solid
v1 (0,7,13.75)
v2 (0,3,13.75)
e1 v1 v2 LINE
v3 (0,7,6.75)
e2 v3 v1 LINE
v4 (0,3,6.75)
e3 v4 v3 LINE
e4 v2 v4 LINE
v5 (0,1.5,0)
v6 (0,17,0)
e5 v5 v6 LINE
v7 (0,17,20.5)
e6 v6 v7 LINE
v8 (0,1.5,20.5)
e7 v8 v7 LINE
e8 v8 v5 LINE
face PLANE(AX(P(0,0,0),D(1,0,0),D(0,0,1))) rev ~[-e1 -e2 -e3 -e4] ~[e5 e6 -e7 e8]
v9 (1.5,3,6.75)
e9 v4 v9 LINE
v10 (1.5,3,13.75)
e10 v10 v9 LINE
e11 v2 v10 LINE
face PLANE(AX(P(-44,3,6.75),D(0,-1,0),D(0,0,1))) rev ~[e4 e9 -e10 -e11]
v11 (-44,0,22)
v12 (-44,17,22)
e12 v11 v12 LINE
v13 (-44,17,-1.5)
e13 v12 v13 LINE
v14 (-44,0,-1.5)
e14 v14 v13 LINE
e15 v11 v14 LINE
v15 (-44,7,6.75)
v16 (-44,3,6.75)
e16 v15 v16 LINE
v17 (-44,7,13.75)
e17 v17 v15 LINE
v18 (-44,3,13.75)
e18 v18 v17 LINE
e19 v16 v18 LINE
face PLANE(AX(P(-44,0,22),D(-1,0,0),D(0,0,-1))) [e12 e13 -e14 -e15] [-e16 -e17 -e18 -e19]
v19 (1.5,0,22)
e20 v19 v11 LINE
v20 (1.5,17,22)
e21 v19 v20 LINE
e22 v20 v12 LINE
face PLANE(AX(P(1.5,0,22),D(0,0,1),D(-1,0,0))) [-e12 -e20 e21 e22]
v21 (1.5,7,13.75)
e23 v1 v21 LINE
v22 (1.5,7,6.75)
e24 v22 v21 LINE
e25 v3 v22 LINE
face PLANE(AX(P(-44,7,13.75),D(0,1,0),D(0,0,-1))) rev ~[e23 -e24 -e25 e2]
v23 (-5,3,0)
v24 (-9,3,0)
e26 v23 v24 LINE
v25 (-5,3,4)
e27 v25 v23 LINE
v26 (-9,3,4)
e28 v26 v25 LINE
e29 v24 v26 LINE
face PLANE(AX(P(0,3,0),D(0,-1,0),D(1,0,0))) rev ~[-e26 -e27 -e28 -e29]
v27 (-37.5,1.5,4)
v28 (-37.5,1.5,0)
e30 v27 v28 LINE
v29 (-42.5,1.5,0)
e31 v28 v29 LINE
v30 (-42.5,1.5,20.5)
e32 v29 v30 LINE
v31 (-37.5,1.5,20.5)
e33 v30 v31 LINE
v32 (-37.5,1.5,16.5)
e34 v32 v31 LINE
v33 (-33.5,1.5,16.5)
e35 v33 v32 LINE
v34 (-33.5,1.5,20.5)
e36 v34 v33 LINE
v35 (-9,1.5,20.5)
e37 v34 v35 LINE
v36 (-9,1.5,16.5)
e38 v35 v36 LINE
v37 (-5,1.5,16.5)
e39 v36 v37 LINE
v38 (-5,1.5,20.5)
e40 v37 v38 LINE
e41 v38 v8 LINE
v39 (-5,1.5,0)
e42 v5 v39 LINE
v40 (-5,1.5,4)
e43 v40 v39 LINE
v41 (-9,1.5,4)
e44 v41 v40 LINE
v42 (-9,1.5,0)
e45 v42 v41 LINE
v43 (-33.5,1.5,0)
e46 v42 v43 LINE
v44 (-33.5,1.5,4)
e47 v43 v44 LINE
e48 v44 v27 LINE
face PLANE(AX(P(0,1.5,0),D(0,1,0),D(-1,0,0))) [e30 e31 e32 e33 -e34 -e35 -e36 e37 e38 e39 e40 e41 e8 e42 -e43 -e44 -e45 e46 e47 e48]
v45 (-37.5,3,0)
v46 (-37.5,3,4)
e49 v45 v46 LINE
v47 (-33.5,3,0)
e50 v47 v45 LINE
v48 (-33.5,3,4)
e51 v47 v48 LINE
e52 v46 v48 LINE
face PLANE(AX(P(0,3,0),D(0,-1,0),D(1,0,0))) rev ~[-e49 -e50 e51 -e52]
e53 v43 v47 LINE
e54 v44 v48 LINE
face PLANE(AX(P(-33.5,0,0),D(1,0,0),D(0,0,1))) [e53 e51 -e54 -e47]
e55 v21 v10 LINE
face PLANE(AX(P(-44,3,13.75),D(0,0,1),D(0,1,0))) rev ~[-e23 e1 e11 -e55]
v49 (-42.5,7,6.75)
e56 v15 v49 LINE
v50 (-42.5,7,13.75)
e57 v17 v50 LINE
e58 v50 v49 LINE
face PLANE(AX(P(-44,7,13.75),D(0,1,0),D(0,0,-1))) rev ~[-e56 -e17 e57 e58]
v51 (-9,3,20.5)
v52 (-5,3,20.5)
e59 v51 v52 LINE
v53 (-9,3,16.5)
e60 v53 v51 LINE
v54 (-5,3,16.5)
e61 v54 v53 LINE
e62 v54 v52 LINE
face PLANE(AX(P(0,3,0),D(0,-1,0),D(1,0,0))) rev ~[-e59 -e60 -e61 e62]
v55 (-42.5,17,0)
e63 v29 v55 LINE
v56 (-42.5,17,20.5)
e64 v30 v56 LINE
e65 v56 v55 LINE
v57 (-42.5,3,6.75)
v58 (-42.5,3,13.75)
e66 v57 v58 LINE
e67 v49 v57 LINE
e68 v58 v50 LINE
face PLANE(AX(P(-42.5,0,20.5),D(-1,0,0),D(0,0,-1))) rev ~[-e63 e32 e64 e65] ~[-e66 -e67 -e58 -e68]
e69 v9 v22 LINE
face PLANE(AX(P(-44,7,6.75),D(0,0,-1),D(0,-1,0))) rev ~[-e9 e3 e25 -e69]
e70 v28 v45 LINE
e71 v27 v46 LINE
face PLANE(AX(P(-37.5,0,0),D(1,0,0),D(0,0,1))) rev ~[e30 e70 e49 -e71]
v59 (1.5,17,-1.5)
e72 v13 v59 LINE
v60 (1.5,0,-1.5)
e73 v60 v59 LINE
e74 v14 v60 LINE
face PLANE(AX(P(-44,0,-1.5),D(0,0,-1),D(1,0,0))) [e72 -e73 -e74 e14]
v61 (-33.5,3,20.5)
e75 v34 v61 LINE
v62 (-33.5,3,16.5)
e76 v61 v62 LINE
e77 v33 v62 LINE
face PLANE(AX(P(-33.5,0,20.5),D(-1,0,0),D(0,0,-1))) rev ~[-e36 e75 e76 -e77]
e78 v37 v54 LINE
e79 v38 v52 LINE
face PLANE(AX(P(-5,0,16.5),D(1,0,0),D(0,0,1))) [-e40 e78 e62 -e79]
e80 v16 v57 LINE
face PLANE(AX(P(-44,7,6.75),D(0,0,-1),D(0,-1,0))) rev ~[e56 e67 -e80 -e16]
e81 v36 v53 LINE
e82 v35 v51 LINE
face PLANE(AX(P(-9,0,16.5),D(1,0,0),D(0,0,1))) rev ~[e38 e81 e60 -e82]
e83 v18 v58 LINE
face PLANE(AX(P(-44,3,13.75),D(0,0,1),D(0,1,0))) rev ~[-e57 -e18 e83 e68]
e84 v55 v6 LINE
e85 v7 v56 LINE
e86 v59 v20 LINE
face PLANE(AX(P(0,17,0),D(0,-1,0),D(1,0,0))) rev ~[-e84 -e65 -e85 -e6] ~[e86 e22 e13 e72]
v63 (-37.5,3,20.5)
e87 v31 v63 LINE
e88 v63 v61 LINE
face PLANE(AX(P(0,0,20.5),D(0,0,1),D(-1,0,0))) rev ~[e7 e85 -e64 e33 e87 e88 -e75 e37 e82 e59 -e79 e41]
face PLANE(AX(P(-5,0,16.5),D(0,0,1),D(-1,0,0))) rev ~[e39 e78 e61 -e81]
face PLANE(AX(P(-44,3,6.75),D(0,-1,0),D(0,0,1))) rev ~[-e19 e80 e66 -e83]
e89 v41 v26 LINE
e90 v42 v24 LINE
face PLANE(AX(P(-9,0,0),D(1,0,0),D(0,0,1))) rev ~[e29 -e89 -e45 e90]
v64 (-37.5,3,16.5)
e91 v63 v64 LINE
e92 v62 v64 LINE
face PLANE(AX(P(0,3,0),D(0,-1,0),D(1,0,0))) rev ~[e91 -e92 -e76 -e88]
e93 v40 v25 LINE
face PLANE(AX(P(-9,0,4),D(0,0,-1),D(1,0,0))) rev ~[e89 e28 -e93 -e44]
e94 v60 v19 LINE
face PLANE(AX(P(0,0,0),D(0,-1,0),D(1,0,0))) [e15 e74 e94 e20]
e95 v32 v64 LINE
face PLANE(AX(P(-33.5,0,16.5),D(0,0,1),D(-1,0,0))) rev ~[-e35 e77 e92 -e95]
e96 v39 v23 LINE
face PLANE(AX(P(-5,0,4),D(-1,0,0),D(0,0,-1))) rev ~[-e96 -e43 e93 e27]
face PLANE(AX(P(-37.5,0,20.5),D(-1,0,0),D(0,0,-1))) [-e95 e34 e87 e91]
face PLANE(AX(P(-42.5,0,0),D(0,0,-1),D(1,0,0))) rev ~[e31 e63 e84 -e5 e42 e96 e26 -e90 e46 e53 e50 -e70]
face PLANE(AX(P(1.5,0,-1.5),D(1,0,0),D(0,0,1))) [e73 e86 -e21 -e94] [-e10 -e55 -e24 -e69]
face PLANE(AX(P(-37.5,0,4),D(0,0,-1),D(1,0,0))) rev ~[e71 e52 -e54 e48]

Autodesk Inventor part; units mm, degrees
ref_plane "YZ Plane" through (0, 0, 0) normal (1, 0, 0) x (0, 1, 0)
ref_plane "XZ Plane" through (0, 0, 0) normal (0, 1, 0) x (-1, 0, 0)
ref_plane "XY Plane" through (0, 0, 0) normal (0, 0, 1) x (1, 0, 0)
sketch "Szkic1" plane through (0, 0, 0) normal (0, 1, 0) x (-1, 0, 0)
  line L0 (0, 0) -> (42.5, 0)
  line L1 (42.5, 0) -> (42.5, 20.5)
  line L2 (42.5, 20.5) -> (0, 20.5)
  line L3 (0, 20.5) -> (0, 0)
  line L4 (42.5, 20.5) -> (44, 20.5) construction
  line L5 (44, 20.5) -> (44, 22) construction
  line L6 (44, 22) -> (-1.5, 22)
  line L7 (-1.5, 22) -> (-1.5, -1.5)
  line L8 (-1.5, -1.5) -> (44, -1.5)
  line L9 (44, -1.5) -> (44, 22)
  line L10 (42.5, 20.5) -> (37.5, 20.5) construction
  line L11 (0, 20.5) -> (5, 20.5) construction
  line L12 (37.5, 20.5) -> (33.5, 20.5)
  line L13 (33.5, 20.5) -> (33.5, 16.5)
  line L14 (33.5, 16.5) -> (37.5, 16.5)
  line L15 (37.5, 16.5) -> (37.5, 20.5)
  line L16 (5, 20.5) -> (9, 20.5)
  line L17 (9, 20.5) -> (9, 16.5)
  line L18 (9, 16.5) -> (5, 16.5)
  line L19 (5, 16.5) -> (5, 20.5)
  line L20 (37.5, 0) -> (33.5, 0)
  line L21 (33.5, 0) -> (33.5, 4)
  line L22 (33.5, 4) -> (37.5, 4)
  line L23 (37.5, 4) -> (37.5, 0)
  line L24 (5, 0) -> (9, 0)
  line L25 (9, 0) -> (9, 4)
  line L26 (9, 4) -> (5, 4)
  line L27 (5, 4) -> (5, 0)
  dimension "d0" = 42.5
  dimension "d1" = 20.5
  dimension "d2" = 1.5
  dimension "d3" = 1.5
  dimension "d4" = 45.5
  dimension "d5" = 23.5
  dimension "d6" = 5
  dimension "d7" = 5
  dimension "d8" = 4
  dimension "d9" = 4
  dimension "d10" = 4
  dimension "d11" = 4
  dimension "d12" = 4
  dimension "d13" = 4
  dimension "d14" = 4
  dimension "d15" = 4
extrude "Wyciągnięcie proste1" add sketch "Szkic1" along normal blind 1.5 contours L3 L2 L19 L18 L17 L13 L14 L15 L1 L0 L23 L22 L21 L25 L26 L27
sketch "Szkic2" plane through (0, 0, 0) normal (0, -1, 0) x (1, 0, 0)
  line L0 (-5, 4) -> (-5, 0) projected
  line L1 (-5, 0) -> (-9, 0)
  line L2 (-9, 0) -> (-9, 4)
  line L3 (-9, 4) -> (-5, 4)
  line L4 (-5, 4) -> (-5, 0)
  line L5 (-33.5, 0) -> (-33.5, 4) projected
  line L6 (-33.5, 0) -> (-37.5, 0)
  line L7 (-37.5, 0) -> (-37.5, 4)
  line L8 (-37.5, 4) -> (-33.5, 4)
  line L9 (-33.5, 4) -> (-33.5, 0)
  line L10 (-37.5, 20.5) -> (-37.5, 16.5) projected
  line L11 (-33.5, 16.5) -> (-37.5, 16.5)
  line L12 (-37.5, 16.5) -> (-37.5, 20.5)
  line L13 (-37.5, 20.5) -> (-33.5, 20.5)
  line L14 (-33.5, 20.5) -> (-33.5, 16.5)
  line L15 (-5, 16.5) -> (-5, 20.5) projected
  line L16 (-33.5, 20.5) -> (-9, 20.5) projected
  line L17 (-5, 16.5) -> (-9, 16.5)
  line L18 (-9, 16.5) -> (-9, 20.5)
  line L19 (-9, 20.5) -> (-5, 20.5)
  line L20 (-5, 20.5) -> (-5, 16.5)
  point P0 (0, 0)
extrude "Wyciągnięcie proste2" add sketch "Szkic2" against normal blind 3
sketch "Szkic3" plane through (0, 0, 0) normal (0, -1, 0) x (1, 0, 0)
  line L0 (-42.5, 0) -> (-42.5, -1.5) construction
  line L1 (-42.5, -1.5) -> (-44, -1.5) construction
  line L2 (-44, -1.5) -> (1.5, -1.5)
  line L3 (1.5, -1.5) -> (1.5, 22)
  line L4 (1.5, 22) -> (-44, 22)
  line L5 (-44, 22) -> (-44, -1.5)
  line L6 (-42.5, 0) -> (0, 0)
  line L7 (0, 0) -> (0, 20.5)
  line L8 (0, 20.5) -> (-42.5, 20.5)
  line L9 (-42.5, 20.5) -> (-42.5, 0)
  dimension "d20" = 1.5
  dimension "d21" = 1.5
  dimension "d22" = 45.5
  dimension "d23" = 23.5
extrude "Wyciągnięcie proste3" add sketch "Szkic3" against normal blind 17
sketch "Szkic4" plane through (-44, 0, -1.5) normal (-1, 0, 0) x (0, 0, 1)
  line L0 (23.5, 0) -> (0, 0) construction
  line L1 (0, 0) -> (11.75, 0) construction
  line L2 (11.75, 0) -> (11.75, 3) construction
  line L3 (11.75, 3) -> (15.25, 3) construction
  line L4 (15.25, 3) -> (15.25, 7) construction
  line L5 (15.25, 7) -> (8.25, 7)
  line L6 (8.25, 7) -> (8.25, 3)
  line L7 (8.25, 3) -> (15.25, 3)
  line L8 (15.25, 3) -> (15.25, 7)
  point P0 (1.5, 0)
  dimension "d26" = 3
  dimension "d27" = 3.5
  dimension "d28" = 4
  dimension "d29" = 7
  dimension "d30" = 4
extrude "Wyciągnięcie proste4" cut sketch "Szkic4" against normal blind 50
properties part number "dol"
